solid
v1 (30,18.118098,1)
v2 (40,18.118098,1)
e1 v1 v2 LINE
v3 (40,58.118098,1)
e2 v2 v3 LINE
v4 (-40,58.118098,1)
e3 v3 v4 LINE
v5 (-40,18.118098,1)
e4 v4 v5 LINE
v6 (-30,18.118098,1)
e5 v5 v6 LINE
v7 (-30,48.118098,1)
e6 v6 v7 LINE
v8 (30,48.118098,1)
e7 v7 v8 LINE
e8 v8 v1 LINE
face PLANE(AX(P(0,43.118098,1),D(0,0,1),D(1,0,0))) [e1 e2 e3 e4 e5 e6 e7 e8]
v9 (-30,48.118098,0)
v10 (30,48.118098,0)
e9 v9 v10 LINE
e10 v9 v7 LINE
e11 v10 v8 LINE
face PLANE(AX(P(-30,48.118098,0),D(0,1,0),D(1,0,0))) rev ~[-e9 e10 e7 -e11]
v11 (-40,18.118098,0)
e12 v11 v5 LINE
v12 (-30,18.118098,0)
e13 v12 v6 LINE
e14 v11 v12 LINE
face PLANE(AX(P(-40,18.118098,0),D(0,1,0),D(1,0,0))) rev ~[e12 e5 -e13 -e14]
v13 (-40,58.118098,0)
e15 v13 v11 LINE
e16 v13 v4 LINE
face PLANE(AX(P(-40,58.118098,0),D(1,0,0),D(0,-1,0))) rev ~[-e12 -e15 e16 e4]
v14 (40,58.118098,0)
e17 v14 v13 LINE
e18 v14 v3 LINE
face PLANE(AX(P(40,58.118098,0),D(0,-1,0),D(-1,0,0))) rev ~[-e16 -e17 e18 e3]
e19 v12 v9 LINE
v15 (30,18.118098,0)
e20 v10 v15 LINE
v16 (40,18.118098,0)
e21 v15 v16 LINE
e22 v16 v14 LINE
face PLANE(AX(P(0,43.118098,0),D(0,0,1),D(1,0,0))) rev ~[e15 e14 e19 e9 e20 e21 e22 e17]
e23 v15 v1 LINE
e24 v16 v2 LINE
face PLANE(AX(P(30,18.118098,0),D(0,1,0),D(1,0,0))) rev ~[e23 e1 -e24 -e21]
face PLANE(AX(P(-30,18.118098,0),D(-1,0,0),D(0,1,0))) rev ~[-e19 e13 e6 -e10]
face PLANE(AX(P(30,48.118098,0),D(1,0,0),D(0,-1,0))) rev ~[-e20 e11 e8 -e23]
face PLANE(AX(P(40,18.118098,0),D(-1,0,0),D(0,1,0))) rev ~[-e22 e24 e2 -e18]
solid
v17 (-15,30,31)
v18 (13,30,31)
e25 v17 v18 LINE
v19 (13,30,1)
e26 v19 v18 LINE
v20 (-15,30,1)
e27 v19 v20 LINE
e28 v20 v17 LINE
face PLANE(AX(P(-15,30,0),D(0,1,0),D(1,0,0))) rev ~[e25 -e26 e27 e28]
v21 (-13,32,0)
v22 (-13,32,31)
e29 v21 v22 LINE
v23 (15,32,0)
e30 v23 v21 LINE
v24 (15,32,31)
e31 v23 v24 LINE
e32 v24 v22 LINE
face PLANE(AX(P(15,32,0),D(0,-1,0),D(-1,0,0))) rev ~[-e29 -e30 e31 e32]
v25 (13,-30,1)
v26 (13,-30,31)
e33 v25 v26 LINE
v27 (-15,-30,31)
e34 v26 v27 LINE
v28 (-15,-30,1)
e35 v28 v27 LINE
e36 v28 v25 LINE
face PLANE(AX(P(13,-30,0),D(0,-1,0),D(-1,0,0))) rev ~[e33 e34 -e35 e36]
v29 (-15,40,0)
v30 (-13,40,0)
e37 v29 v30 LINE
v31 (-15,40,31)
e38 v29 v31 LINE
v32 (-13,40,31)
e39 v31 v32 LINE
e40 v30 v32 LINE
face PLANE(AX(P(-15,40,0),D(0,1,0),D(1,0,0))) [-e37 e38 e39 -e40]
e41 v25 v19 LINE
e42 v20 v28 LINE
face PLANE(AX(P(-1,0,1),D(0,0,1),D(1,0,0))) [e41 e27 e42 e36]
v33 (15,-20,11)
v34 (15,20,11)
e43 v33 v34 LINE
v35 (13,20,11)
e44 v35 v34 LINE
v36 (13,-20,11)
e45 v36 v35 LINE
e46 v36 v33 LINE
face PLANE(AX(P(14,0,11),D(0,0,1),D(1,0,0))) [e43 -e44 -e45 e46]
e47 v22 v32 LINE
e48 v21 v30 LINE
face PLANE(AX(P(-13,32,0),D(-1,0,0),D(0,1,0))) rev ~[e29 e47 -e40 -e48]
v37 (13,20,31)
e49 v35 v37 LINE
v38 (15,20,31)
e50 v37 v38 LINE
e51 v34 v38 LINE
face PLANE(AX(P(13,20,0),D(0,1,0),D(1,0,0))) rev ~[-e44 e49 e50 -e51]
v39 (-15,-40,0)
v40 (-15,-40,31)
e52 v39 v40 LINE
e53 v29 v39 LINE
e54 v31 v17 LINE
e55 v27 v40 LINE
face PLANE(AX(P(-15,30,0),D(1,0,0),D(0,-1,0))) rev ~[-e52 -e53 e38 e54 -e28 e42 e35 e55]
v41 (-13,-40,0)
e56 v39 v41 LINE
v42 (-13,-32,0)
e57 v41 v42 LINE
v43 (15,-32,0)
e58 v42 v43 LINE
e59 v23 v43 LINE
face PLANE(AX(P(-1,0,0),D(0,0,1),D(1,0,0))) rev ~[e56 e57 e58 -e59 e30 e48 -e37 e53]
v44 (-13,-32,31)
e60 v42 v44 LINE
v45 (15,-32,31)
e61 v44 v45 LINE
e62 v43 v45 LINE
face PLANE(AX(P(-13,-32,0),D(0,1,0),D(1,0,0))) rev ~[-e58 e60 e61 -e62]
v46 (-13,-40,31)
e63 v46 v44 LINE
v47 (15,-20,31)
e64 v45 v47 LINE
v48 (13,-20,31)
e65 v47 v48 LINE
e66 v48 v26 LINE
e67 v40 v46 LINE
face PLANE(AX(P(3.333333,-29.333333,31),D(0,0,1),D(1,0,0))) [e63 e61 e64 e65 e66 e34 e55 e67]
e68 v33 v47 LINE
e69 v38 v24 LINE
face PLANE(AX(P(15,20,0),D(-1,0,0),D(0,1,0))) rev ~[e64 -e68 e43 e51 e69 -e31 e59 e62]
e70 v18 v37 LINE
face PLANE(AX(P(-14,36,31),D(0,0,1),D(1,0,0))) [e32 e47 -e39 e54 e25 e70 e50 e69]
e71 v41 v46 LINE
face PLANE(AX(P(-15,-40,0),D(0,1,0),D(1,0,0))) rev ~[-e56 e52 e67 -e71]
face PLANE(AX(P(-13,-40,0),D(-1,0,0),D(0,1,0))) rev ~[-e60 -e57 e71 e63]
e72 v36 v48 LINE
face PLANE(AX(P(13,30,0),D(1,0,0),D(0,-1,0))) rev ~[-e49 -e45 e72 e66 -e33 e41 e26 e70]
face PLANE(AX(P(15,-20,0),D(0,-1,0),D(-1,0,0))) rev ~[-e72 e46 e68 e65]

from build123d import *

# Parameters (mm, degrees)
F0_W     = 2
F0_H     = 40
F1_DEPTH = 11
F0_H_2   = 8
F2_DEPTH = 31
F3_DEPTH = 1
F5_DEPTH = 1


with BuildPart() as f1:
    # F0 (on Top) → F1 (new body)
    with BuildSketch(Plane.XY):
        with Locations((14, 0)):
            Rectangle(F0_W, F0_H)
    extrude(amount=F1_DEPTH)

    # F0 (on Top) → F2 (join)
    with BuildSketch(Plane.XY):
        with Locations((-14, 36)):
            Rectangle(F0_W, F0_H_2)
        Polygon((-13, 32), (-15, 32), (-15, 30), (13, 30), (13, 20), (15, 20), (15, 32), align=None)
        Polygon((13, -30), (-15, -30), (-15, -32), (-13, -32), (15, -32), (15, -20), (13, -20), align=None)
        with Locations((-14, -36)):
            Rectangle(F0_W, F0_H_2)
    extrude(amount=F2_DEPTH)

    # F0 (on Top) → F3 (join)
    with BuildSketch(Plane.XY):
        Polygon((13, 30), (-15, 30), (-15, -30), (13, -30), (13, -20), (13, 20), align=None)
    extrude(amount=F3_DEPTH)


with BuildPart() as f5:
    # F4 (on Top) → F5 (new body)
    with BuildSketch(Plane.XY):
        Polygon((-40, 58.118098), (-40, 18.118098), (-30, 18.118098), (-30, 48.118098), (30, 48.118098), (30, 18.118098), (40, 18.118098), (40, 58.118098), align=None)
    extrude(amount=F5_DEPTH)


solid = Compound([f1.part, f5.part])
